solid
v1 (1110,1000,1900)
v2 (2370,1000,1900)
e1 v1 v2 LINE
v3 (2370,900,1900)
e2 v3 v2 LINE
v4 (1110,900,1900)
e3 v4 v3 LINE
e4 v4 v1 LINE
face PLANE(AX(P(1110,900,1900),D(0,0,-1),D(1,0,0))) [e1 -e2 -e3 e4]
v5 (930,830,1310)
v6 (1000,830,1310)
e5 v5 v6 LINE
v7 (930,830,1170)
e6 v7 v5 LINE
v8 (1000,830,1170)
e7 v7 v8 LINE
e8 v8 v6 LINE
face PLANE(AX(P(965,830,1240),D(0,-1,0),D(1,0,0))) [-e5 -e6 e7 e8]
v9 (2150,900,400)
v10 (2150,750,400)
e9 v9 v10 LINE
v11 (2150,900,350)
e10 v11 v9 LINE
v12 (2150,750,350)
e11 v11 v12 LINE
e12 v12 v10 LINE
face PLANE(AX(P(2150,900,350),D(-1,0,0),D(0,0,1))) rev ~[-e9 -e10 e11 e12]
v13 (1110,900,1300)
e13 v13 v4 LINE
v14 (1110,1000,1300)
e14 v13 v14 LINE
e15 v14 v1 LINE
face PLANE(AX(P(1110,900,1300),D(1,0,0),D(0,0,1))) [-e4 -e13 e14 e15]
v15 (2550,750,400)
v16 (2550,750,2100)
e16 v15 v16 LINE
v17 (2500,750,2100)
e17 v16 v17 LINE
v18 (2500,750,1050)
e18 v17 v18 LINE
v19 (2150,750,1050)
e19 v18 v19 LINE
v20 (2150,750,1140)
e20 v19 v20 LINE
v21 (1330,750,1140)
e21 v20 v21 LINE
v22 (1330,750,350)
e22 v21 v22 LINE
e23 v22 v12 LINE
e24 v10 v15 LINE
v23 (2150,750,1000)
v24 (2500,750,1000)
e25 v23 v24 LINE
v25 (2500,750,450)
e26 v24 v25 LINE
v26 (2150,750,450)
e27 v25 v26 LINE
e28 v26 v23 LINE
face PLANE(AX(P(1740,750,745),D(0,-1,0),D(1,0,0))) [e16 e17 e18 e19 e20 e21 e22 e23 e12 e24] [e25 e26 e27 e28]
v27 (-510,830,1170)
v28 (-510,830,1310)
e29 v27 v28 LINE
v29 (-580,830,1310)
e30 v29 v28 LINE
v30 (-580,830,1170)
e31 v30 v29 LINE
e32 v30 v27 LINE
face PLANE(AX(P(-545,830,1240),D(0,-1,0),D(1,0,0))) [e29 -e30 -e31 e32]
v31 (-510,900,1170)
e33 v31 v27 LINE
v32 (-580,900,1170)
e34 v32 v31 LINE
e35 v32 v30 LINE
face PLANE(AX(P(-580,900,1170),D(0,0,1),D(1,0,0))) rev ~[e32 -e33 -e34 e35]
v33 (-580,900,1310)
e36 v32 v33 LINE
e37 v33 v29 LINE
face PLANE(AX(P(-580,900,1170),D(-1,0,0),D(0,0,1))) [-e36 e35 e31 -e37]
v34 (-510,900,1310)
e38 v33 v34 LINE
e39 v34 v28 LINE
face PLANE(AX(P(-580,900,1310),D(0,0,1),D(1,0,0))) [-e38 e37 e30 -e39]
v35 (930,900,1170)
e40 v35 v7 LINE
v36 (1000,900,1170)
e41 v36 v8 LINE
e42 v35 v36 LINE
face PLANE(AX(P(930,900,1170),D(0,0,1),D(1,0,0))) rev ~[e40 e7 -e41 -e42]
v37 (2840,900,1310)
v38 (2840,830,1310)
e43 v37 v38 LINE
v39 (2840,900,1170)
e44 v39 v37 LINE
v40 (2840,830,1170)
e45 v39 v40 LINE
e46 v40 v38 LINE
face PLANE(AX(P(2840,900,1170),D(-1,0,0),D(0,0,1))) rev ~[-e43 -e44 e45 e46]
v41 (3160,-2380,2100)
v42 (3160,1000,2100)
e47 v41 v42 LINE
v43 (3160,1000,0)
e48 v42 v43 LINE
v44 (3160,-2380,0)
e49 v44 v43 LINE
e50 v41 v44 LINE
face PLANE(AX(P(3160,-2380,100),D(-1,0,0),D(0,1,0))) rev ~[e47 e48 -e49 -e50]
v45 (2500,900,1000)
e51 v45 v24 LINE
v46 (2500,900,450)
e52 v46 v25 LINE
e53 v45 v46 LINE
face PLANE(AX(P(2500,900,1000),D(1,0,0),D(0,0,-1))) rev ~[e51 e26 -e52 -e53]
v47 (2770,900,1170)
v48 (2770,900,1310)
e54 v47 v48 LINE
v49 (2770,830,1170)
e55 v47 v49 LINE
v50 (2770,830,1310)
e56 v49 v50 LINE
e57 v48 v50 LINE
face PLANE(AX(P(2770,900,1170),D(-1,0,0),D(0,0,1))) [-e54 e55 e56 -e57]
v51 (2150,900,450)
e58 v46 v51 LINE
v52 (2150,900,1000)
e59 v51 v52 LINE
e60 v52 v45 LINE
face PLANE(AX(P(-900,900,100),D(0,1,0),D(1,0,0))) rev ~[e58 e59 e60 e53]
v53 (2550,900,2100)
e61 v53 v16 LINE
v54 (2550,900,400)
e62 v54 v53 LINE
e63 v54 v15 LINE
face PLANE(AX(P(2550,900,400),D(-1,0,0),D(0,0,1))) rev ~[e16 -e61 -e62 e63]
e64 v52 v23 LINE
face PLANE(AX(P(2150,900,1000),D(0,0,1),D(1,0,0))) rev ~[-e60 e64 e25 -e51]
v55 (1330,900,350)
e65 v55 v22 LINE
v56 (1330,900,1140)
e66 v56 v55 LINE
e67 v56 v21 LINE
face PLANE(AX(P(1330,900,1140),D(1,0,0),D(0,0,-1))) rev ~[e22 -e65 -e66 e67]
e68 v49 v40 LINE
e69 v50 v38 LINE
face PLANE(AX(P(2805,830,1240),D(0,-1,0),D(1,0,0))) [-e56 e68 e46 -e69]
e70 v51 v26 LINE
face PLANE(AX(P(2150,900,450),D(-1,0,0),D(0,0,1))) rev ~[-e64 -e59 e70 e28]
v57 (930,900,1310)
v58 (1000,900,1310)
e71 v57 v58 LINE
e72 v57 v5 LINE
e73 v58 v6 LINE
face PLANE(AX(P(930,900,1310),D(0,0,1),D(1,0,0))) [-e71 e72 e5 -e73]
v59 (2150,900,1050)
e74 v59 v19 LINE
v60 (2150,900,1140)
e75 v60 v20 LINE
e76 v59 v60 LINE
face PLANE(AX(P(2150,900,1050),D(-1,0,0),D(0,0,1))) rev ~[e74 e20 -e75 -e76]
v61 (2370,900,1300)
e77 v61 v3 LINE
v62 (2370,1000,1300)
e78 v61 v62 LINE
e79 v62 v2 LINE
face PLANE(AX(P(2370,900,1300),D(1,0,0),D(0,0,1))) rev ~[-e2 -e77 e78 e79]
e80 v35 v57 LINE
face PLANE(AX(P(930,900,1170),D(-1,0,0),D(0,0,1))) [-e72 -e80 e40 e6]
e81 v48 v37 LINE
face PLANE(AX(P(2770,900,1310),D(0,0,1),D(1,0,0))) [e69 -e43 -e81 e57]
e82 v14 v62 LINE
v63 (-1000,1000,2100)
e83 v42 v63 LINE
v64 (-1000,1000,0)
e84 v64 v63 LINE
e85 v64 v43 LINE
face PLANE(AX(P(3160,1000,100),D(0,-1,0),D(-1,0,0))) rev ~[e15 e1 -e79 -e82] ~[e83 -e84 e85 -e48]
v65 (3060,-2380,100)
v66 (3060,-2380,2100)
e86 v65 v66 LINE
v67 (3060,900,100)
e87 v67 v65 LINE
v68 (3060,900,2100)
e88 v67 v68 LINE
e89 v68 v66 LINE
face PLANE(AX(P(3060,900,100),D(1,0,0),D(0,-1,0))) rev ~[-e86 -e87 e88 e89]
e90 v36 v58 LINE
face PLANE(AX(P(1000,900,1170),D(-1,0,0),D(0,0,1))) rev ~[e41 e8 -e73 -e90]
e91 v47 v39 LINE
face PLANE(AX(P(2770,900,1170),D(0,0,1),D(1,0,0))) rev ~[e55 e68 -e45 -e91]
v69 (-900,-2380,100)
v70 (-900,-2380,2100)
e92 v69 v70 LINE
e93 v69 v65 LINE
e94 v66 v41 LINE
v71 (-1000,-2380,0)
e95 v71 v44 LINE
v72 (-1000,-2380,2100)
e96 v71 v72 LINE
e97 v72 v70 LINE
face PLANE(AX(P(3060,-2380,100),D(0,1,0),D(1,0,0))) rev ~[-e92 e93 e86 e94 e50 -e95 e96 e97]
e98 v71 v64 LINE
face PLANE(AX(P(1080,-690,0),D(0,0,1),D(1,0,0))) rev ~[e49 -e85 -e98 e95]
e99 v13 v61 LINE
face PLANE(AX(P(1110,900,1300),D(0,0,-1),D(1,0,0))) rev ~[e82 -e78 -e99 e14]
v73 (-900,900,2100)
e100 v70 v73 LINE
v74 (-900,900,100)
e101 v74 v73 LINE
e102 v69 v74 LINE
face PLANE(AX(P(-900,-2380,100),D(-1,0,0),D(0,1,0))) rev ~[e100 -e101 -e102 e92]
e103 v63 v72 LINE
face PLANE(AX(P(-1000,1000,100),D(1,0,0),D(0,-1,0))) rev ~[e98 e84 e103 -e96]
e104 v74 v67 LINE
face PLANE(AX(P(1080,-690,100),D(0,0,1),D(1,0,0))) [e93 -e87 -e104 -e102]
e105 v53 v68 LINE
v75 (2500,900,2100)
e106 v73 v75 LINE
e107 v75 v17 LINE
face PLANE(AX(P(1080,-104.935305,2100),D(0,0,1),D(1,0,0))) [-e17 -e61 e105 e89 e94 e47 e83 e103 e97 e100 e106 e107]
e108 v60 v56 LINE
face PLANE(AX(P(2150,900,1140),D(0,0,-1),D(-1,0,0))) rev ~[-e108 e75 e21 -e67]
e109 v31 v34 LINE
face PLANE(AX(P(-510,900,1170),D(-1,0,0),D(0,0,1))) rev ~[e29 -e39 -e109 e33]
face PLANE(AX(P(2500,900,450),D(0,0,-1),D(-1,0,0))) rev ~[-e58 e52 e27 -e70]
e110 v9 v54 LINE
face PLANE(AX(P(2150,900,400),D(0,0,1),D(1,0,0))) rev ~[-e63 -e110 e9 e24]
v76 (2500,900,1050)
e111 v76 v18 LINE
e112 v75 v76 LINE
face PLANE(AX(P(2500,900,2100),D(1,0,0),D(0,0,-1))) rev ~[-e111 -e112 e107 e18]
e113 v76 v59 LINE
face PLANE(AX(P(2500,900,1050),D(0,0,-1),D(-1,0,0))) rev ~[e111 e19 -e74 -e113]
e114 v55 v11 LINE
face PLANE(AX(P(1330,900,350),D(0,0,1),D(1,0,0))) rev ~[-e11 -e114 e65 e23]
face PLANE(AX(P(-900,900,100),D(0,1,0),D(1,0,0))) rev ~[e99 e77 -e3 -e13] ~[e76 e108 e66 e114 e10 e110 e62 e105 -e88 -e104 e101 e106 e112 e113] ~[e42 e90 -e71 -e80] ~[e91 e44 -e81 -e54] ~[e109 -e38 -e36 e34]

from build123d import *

# Parameters (mm, degrees)
F0_W     = 4160
F0_H     = 3380
F1_DEPTH = 100
F3_DEPTH = 2000
F4_W     = 1260
F4_H     = 600
F5_DEPTH = 100.001
F7_DEPTH = 150
F8_W     = 70
F8_H     = 140
F9_DEPTH = 70


with BuildPart() as f1:
    # F0 (on Top) → F1 (new body)
    with BuildSketch(Plane.XY):
        with Locations((1080, -690)):
            Rectangle(F0_W, F0_H)
    extrude(amount=F1_DEPTH)

    # F2 (on face) → F3 (join)
    with BuildSketch(Plane.XY.offset(100)):
        Polygon((3160, 1000), (-1000, 1000), (-1000, -2380), (-900, -2380), (-900, 900), (3060, 900), (3060, -2380), (3160, -2380), align=None)
    extrude(amount=F3_DEPTH)

    # F4 (on face) → F5 (cut, through all)
    with BuildSketch(Plane.XZ.offset(-900)):
        with Locations((1740, 1600)):
            Rectangle(F4_W, F4_H)
    extrude(amount=-F5_DEPTH, mode=Mode.SUBTRACT)

    # F6 (on face) → F7 (join)
    with BuildSketch(Plane.XZ.offset(-900)):
        Polygon((2150, 1140), (1330, 1140), (1330, 350), (2150, 350), (2150, 400), (2150, 450), (2150, 1000), (2150, 1050), align=None)
        Polygon((2500, 1050), (2150, 1050), (2150, 1000), (2500, 1000), (2550, 1000), (2550, 2100), (2500, 2100), align=None)
        Polygon((2150, 450), (2150, 400), (2550, 400), (2550, 1000), (2500, 1000), (2500, 450), align=None)
    extrude(amount=F7_DEPTH)

    # F8 (on face) → F9 (join)
    with BuildSketch(Plane.XZ.offset(-900)):
        with Locations((-545, 1240)):
            Rectangle(F8_W, F8_H)
        with Locations((965, 1240)):
            Rectangle(F8_W, F8_H)
        with Locations((2805, 1240)):
            Rectangle(F8_W, F8_H)
    extrude(amount=F9_DEPTH)


solid = f1.part
